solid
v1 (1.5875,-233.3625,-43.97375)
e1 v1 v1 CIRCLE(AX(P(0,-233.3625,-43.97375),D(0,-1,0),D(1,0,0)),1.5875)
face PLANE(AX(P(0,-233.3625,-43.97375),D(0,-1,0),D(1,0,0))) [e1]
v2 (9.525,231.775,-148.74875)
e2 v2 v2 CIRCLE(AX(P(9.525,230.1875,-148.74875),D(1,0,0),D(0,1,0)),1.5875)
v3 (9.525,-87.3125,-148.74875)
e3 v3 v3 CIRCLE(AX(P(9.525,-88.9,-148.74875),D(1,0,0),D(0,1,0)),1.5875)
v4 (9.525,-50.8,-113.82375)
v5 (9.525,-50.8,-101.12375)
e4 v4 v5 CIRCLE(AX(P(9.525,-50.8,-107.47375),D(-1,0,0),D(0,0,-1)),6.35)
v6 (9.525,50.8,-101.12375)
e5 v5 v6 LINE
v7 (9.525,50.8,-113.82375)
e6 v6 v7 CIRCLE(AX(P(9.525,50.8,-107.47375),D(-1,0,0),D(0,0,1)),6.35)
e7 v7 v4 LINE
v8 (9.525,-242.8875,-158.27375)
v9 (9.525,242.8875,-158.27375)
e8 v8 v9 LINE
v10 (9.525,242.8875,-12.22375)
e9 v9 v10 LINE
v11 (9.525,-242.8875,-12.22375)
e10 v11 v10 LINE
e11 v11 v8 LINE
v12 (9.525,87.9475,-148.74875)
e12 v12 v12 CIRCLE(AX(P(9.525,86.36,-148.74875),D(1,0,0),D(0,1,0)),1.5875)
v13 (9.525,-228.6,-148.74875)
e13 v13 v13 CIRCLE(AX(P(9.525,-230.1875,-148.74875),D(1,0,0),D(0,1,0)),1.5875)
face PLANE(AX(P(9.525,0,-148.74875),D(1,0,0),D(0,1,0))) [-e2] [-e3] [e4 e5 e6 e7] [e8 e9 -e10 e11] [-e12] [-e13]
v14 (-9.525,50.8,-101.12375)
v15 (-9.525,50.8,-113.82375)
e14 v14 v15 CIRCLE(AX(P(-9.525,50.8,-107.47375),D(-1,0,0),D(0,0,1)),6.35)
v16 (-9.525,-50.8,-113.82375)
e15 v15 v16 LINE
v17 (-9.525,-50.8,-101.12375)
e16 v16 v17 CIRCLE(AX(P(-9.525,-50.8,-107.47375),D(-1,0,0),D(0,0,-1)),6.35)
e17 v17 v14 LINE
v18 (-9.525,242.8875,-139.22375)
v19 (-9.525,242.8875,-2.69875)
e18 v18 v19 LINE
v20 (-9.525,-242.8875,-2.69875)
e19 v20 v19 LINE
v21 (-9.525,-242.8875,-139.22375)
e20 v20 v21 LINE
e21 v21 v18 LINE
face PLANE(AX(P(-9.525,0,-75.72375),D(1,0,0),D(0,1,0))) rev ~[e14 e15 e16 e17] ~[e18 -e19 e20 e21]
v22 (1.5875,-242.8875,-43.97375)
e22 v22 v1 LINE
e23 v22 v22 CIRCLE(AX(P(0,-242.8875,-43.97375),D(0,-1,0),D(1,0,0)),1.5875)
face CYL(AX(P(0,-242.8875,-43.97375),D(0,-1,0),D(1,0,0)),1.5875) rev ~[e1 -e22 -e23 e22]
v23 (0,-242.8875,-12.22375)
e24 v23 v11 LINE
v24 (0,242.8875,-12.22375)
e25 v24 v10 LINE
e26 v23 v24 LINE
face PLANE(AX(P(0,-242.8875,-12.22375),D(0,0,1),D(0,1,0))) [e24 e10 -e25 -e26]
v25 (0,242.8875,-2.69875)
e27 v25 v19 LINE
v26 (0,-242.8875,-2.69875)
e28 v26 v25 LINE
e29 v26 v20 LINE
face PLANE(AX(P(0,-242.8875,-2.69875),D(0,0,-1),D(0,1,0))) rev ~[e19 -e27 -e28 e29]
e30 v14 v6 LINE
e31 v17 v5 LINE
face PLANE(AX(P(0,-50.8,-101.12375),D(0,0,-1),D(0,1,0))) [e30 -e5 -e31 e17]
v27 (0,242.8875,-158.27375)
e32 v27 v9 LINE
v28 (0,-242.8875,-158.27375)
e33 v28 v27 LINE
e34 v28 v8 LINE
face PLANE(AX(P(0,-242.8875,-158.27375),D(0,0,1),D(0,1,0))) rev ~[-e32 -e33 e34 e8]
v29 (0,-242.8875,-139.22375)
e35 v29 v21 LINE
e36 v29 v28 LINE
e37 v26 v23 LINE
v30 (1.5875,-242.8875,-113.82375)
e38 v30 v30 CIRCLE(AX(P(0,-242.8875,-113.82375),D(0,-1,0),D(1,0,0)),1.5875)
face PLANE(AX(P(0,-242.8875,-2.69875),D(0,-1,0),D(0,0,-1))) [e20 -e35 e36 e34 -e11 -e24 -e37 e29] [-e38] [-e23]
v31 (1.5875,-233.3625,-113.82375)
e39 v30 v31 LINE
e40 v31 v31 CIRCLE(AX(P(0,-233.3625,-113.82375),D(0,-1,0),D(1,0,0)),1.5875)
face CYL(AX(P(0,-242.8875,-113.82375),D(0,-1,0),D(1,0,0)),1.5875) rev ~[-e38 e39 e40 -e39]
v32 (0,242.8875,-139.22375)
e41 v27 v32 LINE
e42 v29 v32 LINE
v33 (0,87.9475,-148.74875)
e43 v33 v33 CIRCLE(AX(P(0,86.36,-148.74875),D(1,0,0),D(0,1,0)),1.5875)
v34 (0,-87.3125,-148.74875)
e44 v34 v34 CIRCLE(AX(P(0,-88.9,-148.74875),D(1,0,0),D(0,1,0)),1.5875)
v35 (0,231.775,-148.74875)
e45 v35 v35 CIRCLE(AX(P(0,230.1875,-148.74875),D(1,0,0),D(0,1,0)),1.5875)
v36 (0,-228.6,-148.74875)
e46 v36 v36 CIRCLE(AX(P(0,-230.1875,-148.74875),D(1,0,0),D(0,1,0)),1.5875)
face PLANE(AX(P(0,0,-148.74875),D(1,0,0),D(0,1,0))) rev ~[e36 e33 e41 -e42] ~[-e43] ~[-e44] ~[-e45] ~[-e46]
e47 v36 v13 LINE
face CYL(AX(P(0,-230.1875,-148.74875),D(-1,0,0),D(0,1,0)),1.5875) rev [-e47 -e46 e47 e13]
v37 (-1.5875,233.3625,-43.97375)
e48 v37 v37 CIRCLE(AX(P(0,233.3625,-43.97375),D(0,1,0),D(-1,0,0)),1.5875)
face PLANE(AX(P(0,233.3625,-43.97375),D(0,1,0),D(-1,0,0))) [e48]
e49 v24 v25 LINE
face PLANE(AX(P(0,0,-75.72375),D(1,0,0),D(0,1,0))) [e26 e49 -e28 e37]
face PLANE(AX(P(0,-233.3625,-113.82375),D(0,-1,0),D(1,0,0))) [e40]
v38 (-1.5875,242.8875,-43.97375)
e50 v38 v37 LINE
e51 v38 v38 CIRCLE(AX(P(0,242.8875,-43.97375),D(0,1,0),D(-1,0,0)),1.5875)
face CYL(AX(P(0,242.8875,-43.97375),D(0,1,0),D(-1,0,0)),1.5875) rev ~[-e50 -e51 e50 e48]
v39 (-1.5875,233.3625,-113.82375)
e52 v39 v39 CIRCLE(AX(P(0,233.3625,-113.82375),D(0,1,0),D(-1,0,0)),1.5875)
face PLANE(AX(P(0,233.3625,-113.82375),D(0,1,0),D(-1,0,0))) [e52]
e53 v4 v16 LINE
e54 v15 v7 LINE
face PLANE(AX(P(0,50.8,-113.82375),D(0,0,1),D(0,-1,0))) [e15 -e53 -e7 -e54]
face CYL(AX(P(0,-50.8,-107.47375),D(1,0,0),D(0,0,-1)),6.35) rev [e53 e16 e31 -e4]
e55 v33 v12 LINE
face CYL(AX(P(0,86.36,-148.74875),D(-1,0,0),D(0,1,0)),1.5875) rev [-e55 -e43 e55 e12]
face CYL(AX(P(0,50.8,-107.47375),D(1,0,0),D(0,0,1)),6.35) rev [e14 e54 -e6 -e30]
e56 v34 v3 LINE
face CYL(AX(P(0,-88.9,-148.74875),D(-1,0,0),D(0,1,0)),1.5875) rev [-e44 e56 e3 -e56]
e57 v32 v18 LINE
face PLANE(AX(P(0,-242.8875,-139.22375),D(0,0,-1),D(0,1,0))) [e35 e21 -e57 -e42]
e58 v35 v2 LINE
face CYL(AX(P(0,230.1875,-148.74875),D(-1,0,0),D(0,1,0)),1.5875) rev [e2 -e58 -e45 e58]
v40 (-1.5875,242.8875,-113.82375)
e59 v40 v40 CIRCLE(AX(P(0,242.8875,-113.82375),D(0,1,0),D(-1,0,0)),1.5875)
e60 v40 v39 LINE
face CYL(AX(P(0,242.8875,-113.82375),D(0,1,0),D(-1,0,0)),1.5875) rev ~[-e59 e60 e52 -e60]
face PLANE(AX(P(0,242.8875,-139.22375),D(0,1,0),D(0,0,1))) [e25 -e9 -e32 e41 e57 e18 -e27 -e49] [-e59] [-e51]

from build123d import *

# Parameters (mm, degrees)
F0_W     = 485.775
F0_H     = 19.05
F0_R     = 1.5875
F0_H_2   = 127
F1_DEPTH = 9.525
F0_H_3   = 9.525
F2_DEPTH = 9.525
F4_R     = 1.5875
F5_DEPTH = 9.525
F3_R     = 1.5875
F6_DEPTH = 9.525


with BuildPart() as f1:
    # F0 (on Right) → F1 (new body)
    with BuildSketch(Plane.YZ):
        with Locations((0, -148.74875)):
            Rectangle(F0_W, F0_H)
        with Locations((-230.1875, -148.74875)):
            Circle(F0_R, mode=Mode.SUBTRACT)
        with Locations((-88.9, -148.74875)):
            Circle(F0_R, mode=Mode.SUBTRACT)
        with Locations((86.36, -148.74875)):
            Circle(F0_R, mode=Mode.SUBTRACT)
        with Locations((230.1875, -148.74875)):
            Circle(F0_R, mode=Mode.SUBTRACT)
        with Locations((0, -75.72375)):
            Rectangle(F0_W, F0_H_2)
        with BuildLine():
            Line((-50.8, -101.12375), (50.8, -101.12375))
            ThreePointArc((50.8, -101.12375), (57.15, -107.47375), (50.8, -113.82375))
            Line((50.8, -113.82375), (-50.8, -113.82375))
            ThreePointArc((-50.8, -113.82375), (-57.15, -107.47375), (-50.8, -101.12375))
        make_face(mode=Mode.SUBTRACT)
    extrude(amount=F1_DEPTH)

    # F0 (on Right) → F2 (join)
    with BuildSketch(Plane.YZ):
        with Locations((0, -75.72375)):
            Rectangle(F0_W, F0_H_2)
        with BuildLine():
            Line((-50.8, -101.12375), (50.8, -101.12375))
            ThreePointArc((50.8, -101.12375), (57.15, -107.47375), (50.8, -113.82375))
            Line((50.8, -113.82375), (-50.8, -113.82375))
            ThreePointArc((-50.8, -113.82375), (-57.15, -107.47375), (-50.8, -101.12375))
        make_face(mode=Mode.SUBTRACT)
        with Locations((0, -7.46125)):
            Rectangle(F0_W, F0_H_3)
    extrude(amount=-F2_DEPTH)

    # F4 (on face) → F5 (cut)
    with BuildSketch(Plane(origin=(0, 242.8875, 0), x_dir=(-1, 0, 0), z_dir=(0, 1, 0))):
        with Locations((0, -43.97375)):
            Circle(F4_R)
        with Locations((0, -113.82375)):
            Circle(F4_R)
    extrude(amount=-F5_DEPTH, mode=Mode.SUBTRACT)

    # F3 (on face) → F6 (cut)
    with BuildSketch(Plane.XZ.offset(242.8875)):
        with Locations((0, -113.82375)):
            Circle(F3_R)
        with Locations((0, -43.97375)):
            Circle(F3_R)
    extrude(amount=-F6_DEPTH, mode=Mode.SUBTRACT)


solid = f1.part
